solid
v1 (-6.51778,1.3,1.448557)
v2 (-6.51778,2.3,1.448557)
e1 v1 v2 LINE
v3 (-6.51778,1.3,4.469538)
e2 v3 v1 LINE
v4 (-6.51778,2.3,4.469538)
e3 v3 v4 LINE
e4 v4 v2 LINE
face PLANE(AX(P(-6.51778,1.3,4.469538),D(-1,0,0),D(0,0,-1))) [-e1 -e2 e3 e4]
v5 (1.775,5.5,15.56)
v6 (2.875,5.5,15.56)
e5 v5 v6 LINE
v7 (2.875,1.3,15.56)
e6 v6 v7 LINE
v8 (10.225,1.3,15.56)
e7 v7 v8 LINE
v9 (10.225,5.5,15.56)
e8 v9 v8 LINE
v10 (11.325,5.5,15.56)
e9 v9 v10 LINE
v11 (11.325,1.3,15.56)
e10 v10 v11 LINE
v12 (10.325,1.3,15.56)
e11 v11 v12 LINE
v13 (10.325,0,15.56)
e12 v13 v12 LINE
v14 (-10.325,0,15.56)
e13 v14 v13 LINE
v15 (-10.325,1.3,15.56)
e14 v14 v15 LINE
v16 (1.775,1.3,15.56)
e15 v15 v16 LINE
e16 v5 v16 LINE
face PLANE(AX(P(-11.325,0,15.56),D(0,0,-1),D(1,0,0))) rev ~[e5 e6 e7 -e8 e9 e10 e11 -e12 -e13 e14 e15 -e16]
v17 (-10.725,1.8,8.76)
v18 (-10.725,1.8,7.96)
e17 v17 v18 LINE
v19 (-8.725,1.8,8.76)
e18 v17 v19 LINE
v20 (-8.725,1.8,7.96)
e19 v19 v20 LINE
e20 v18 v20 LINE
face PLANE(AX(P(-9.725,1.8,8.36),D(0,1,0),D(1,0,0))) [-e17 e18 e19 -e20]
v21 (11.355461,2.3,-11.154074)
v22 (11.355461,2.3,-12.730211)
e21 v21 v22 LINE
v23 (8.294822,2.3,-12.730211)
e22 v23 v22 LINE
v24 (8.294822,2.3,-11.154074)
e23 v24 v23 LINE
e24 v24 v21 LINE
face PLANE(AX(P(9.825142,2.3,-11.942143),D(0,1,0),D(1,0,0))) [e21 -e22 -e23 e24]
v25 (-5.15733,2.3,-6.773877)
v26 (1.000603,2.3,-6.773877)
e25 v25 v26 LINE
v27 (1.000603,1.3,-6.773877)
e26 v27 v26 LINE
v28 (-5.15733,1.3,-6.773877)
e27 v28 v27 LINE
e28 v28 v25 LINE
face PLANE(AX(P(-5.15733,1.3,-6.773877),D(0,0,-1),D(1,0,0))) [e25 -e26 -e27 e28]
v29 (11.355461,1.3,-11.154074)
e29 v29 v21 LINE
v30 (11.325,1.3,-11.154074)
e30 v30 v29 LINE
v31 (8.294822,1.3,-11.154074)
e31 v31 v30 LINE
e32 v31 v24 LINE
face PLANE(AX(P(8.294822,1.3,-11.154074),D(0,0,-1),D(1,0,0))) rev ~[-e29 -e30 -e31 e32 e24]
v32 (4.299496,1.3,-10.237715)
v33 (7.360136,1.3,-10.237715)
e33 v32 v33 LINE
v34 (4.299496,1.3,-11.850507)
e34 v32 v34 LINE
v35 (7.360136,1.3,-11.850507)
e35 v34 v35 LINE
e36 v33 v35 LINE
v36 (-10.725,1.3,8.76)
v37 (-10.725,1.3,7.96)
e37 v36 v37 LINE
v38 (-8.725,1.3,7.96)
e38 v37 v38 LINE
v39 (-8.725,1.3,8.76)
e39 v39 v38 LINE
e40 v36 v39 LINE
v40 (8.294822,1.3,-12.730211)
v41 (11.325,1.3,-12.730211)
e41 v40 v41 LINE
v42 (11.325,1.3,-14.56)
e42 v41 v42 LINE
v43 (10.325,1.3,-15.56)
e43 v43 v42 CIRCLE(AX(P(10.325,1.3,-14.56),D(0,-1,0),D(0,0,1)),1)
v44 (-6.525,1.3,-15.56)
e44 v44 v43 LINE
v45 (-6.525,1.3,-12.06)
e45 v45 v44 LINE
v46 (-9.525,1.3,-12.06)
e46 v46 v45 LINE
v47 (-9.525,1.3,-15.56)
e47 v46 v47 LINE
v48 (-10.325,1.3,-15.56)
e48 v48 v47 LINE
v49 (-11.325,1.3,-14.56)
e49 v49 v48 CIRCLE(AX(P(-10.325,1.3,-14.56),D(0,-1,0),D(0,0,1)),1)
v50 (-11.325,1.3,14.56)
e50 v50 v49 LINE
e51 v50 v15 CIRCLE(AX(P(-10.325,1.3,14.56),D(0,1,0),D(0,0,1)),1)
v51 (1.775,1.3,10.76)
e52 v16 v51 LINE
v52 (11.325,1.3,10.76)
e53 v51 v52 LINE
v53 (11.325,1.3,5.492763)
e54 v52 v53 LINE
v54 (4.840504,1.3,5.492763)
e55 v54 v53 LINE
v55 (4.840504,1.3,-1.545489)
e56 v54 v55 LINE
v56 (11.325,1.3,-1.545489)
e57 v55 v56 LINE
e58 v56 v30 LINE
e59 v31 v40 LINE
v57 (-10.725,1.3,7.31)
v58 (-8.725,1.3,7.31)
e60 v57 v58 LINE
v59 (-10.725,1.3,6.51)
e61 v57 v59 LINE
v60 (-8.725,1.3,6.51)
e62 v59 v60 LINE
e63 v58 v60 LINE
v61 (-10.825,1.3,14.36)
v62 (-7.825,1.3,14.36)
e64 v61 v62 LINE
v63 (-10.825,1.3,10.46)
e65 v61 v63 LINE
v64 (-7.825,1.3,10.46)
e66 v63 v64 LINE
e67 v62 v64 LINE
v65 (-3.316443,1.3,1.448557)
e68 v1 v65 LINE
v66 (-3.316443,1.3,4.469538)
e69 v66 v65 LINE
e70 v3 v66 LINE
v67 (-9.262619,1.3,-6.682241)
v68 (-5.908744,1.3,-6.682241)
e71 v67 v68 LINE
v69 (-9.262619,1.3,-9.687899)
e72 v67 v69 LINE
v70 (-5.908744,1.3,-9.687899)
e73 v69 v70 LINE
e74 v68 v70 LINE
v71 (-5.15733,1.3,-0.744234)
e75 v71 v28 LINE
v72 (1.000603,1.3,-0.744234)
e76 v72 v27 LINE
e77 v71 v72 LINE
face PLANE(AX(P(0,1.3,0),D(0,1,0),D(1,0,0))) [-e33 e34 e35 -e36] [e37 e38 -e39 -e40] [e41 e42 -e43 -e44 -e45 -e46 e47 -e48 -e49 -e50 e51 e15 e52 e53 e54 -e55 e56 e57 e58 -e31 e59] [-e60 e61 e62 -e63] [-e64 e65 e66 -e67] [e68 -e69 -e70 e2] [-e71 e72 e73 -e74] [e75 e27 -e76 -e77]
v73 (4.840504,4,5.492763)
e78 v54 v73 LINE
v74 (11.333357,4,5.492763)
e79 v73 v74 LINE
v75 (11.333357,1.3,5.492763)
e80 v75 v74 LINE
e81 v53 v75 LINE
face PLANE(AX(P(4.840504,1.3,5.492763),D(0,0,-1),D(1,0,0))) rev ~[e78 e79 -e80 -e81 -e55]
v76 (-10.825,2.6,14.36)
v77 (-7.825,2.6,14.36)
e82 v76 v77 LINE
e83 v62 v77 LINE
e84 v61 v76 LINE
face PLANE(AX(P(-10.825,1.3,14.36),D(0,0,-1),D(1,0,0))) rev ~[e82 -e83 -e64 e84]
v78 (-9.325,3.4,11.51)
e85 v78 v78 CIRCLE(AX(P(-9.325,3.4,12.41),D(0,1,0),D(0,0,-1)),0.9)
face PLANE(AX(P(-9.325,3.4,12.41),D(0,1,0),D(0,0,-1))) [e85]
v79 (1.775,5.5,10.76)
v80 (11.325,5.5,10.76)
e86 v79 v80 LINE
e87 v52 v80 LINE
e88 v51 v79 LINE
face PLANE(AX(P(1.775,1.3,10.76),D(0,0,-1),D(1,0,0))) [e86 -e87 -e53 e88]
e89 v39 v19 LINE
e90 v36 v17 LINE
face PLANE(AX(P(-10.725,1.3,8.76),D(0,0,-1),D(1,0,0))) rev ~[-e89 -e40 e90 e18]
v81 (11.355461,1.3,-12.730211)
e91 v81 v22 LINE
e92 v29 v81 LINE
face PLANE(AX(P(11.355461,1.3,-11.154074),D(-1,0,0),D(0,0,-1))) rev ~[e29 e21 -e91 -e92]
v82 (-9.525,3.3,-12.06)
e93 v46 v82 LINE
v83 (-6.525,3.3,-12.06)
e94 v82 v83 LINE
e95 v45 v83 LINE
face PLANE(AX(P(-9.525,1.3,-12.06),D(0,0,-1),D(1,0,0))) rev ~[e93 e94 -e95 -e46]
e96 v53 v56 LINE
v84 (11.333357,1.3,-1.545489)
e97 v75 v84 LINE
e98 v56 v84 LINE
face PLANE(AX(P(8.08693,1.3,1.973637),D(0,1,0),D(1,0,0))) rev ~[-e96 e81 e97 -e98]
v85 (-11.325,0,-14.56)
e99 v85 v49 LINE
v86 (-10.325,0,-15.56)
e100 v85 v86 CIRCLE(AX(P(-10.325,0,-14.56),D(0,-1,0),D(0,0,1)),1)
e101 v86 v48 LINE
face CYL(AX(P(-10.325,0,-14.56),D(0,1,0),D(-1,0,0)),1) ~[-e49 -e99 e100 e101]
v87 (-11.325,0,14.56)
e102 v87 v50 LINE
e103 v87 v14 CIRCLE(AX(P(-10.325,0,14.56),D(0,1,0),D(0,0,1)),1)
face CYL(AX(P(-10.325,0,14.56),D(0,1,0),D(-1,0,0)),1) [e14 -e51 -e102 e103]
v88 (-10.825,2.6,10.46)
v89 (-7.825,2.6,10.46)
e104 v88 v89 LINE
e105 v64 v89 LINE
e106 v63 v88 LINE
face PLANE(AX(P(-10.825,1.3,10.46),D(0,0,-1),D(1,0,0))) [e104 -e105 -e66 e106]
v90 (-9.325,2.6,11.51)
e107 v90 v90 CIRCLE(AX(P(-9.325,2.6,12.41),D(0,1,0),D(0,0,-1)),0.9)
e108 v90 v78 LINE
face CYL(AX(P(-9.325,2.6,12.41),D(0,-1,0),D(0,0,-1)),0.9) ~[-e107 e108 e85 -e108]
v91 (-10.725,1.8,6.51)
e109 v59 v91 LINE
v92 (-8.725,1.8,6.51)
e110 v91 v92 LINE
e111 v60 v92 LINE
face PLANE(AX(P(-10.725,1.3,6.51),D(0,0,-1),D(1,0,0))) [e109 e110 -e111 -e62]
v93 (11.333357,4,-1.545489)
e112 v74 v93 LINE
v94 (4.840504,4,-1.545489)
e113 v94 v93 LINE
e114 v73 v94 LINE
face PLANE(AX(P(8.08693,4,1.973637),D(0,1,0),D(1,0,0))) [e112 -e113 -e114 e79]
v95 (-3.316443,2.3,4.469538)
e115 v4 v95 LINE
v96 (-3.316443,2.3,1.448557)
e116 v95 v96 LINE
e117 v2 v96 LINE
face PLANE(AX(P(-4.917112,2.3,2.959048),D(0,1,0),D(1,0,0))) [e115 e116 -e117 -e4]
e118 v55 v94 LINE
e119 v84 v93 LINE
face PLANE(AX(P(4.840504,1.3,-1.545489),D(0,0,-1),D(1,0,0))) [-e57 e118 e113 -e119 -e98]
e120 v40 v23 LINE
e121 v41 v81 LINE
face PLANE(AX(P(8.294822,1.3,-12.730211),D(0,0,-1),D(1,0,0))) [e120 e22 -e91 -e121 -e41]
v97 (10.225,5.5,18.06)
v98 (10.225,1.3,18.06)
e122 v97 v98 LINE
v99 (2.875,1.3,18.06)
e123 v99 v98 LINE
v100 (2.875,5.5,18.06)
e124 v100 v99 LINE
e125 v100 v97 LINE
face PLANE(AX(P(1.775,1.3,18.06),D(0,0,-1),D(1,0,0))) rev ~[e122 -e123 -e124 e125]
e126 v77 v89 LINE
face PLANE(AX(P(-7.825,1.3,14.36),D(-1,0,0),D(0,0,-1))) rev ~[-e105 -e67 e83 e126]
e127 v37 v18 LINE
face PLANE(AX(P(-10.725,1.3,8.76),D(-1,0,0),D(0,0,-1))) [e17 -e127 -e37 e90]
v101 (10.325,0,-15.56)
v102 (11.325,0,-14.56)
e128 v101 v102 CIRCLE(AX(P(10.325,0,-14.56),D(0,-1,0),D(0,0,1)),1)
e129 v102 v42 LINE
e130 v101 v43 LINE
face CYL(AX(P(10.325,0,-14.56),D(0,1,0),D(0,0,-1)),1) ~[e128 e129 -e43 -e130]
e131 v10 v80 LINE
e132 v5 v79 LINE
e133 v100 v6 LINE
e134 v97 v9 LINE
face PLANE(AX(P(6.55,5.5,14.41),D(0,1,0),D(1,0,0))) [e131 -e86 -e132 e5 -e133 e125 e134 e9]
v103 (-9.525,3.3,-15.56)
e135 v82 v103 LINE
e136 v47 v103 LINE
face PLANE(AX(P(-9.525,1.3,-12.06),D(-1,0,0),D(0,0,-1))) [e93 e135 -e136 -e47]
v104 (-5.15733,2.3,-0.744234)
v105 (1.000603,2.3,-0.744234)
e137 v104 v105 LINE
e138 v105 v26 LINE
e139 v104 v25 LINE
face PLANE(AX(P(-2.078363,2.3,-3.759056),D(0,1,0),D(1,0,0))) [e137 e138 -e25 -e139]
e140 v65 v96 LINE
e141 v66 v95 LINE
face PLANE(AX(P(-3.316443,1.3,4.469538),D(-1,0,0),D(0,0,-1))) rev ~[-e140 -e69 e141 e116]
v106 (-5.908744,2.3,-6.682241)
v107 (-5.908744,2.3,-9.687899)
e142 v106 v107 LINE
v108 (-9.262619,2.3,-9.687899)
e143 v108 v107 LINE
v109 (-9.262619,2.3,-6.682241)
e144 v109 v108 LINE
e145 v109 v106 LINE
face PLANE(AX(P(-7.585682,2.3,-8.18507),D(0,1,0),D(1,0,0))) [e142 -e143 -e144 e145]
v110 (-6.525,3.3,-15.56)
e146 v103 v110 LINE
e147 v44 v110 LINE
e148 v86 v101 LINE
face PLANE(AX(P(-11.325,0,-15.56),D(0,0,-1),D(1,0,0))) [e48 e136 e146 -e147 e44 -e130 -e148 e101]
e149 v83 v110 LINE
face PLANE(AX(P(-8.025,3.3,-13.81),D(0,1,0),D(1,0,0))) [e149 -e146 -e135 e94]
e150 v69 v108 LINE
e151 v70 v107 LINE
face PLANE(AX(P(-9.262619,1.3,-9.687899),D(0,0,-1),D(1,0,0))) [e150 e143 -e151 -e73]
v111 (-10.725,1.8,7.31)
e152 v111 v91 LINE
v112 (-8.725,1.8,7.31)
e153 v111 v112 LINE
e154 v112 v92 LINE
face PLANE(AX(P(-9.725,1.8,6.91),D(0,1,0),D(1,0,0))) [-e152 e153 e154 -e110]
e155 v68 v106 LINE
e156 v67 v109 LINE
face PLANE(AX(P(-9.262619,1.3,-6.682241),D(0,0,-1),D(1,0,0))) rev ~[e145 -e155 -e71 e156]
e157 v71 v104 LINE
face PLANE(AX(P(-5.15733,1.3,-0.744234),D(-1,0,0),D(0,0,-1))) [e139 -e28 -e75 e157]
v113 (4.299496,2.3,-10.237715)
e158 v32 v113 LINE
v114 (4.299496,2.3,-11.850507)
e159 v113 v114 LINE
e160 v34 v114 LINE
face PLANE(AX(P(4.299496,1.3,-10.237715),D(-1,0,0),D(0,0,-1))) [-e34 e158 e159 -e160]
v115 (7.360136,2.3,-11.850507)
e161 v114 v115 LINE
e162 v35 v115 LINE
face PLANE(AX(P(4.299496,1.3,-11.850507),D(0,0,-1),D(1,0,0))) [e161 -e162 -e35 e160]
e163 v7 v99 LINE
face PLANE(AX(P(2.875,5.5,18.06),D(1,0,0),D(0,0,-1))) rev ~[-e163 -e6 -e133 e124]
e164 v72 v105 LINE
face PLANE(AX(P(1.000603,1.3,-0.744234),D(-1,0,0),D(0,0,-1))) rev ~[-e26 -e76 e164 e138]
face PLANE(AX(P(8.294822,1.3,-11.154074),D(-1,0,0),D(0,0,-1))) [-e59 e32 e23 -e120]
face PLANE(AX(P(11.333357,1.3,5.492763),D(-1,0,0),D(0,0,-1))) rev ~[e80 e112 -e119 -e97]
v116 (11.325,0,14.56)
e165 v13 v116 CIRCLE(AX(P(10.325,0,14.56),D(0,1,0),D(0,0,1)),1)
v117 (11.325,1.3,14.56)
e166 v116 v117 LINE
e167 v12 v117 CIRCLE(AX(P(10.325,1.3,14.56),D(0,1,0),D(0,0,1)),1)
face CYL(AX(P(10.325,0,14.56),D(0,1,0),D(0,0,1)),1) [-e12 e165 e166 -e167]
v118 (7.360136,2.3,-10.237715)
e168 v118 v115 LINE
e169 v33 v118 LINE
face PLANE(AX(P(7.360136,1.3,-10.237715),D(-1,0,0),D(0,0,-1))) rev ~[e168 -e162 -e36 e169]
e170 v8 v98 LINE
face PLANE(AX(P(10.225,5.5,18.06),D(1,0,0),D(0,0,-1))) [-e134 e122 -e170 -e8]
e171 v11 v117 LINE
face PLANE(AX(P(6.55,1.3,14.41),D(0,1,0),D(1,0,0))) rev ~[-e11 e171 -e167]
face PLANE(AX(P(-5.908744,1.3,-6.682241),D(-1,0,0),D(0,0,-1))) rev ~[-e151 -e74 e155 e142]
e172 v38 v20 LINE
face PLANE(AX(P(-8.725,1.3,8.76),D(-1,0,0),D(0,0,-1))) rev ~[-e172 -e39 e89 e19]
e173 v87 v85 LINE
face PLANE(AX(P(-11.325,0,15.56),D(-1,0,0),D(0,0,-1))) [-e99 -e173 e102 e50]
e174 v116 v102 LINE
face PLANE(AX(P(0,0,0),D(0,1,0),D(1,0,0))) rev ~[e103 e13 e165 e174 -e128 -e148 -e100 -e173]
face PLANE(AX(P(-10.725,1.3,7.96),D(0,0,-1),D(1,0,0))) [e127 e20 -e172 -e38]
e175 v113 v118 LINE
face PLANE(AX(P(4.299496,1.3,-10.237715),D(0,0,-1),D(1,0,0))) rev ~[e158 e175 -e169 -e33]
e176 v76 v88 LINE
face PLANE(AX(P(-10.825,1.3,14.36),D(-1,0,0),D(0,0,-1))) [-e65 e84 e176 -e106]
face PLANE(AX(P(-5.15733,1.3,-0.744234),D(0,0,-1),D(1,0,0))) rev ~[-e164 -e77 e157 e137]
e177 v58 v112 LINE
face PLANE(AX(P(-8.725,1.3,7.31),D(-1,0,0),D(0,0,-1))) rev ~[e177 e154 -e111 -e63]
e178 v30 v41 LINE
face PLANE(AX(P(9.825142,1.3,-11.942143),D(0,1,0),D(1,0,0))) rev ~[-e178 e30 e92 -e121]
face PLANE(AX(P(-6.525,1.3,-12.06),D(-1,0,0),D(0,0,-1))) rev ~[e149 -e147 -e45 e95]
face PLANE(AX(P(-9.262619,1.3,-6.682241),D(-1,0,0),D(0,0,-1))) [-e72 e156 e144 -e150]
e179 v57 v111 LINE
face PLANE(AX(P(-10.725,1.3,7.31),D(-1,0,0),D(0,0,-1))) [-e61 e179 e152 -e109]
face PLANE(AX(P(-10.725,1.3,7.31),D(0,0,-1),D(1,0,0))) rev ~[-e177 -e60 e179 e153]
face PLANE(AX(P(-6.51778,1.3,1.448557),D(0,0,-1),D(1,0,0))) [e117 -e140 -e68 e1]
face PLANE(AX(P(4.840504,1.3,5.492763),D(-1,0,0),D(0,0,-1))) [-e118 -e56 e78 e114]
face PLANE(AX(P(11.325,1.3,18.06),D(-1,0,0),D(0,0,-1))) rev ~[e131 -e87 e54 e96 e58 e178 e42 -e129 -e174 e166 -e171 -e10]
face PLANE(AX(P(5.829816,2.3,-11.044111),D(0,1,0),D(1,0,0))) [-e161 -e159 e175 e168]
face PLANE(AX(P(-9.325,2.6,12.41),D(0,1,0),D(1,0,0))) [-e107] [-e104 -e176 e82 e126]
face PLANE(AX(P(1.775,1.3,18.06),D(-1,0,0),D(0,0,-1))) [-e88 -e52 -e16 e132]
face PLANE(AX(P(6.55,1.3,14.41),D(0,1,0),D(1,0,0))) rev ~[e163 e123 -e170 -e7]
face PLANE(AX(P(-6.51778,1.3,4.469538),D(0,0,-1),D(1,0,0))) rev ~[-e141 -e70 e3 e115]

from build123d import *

# Parameters (mm, degrees)
SKETCH1_W               = 22.65
SKETCH1_H               = 31.12
PCB_DEPTH               = 1.3
SKETCH2_W               = 9.55
SKETCH2_H               = 7.3
IO_CONNECTOR_DEPTH      = 4.2
SKETCH3_W               = 3
SKETCH3_H               = 3.5
ANTENNA_CONNECTOR_DEPTH = 2
SKETCH15_W              = 3
SKETCH15_H              = 3.9
BUTTON_BASE_DEPTH       = 1.3
SKETCH16_R              = 0.9
BUTTON_TIP_DEPTH        = 0.8
SKETCH17_W              = 6.157933233
SKETCH17_H              = 6.029642957
SKETCH17_W_2            = 3.353874351
SKETCH17_H_2            = 3.005657888
SKETCH17_W_3            = 3.060639434
SKETCH17_H_3            = 1.576137673
SKETCH17_H_4            = 1.612792038
SKETCH17_W_4            = 3.201337113
SKETCH17_H_5            = 3.020980094
LOW_CHIPS_DEPTH         = 1
SKETCH18_W              = 6.492852738
SKETCH18_H              = 7.038252368
HIGH_CHIPS_DEPTH        = 2.7
SKETCH23_W              = 2
SKETCH23_H              = 0.8
LEDS_DEPTH              = 0.5
CORNERS_R               = 1
CUT_EXTRUDE1_REACH      = 24.031
SKETCH24_W              = 1.1
SKETCH24_H              = 2.5


with BuildPart() as part:
    # Sketch1 → PCB (new body)
    with BuildSketch(Plane(origin=(0, 0, 0), x_dir=(1, 0, 0), z_dir=(0, 1, 0))):
        Rectangle(SKETCH1_W, SKETCH1_H)
    extrude(amount=PCB_DEPTH)

    # Sketch2 → IO connector (add)
    with BuildSketch(Plane(origin=(0, 1.3, 0), x_dir=(1, 0, 0), z_dir=(0, 1, 0))):
        with Locations((6.55, -14.41)):
            Rectangle(SKETCH2_W, SKETCH2_H)
    extrude(amount=IO_CONNECTOR_DEPTH)

    # Sketch3 → Antenna connector (add)
    with BuildSketch(Plane(origin=(0, 1.3, 0), x_dir=(1, 0, 0), z_dir=(0, 1, 0))):
        with Locations((-8.025, 13.81)):
            Rectangle(SKETCH3_W, SKETCH3_H)
    extrude(amount=ANTENNA_CONNECTOR_DEPTH)

    # Sketch15 → Button base (add)
    with BuildSketch(Plane(origin=(0, 1.3, 0), x_dir=(1, 0, 0), z_dir=(0, 1, 0))):
        with Locations((-9.325, -12.41)):
            Rectangle(SKETCH15_W, SKETCH15_H)
    extrude(amount=BUTTON_BASE_DEPTH)

    # Sketch16 → Button tip (add)
    with BuildSketch(Plane(origin=(0, 2.6, 0), x_dir=(1, 0, 0), z_dir=(0, 1, 0))):
        with Locations(Location((-9.325, -12.41, 0), (0, 0, 90))):
            Circle(SKETCH16_R)
    extrude(amount=BUTTON_TIP_DEPTH)

    # Sketch17 → Low chips (add)
    with BuildSketch(Plane(origin=(0, 1.3, 0), x_dir=(1, 0, 0), z_dir=(0, 1, 0))):
        with Locations((-2.078363242, 3.759055692)):
            Rectangle(SKETCH17_W, SKETCH17_H)
        with Locations((-7.585681506, 8.185070203)):
            Rectangle(SKETCH17_W_2, SKETCH17_H_2)
        with Locations((9.825141625, 11.942142563)):
            Rectangle(SKETCH17_W_3, SKETCH17_H_3)
        with Locations((5.829815896, 11.044110633)):
            Rectangle(SKETCH17_W_3, SKETCH17_H_4)
        with Locations((-4.917111521, -2.959047528)):
            Rectangle(SKETCH17_W_4, SKETCH17_H_5)
    extrude(amount=LOW_CHIPS_DEPTH)

    # Sketch18 → High chips (add)
    with BuildSketch(Plane(origin=(0, 1.3, 0), x_dir=(1, 0, 0), z_dir=(0, 1, 0))):
        with Locations((8.086930252, -1.973636887)):
            Rectangle(SKETCH18_W, SKETCH18_H)
    extrude(amount=HIGH_CHIPS_DEPTH)

    # Sketch23 → LEDs (add)
    with BuildSketch(Plane(origin=(0, 1.3, 0), x_dir=(1, 0, 0), z_dir=(0, 1, 0))):
        with Locations((-9.725, -8.36)):
            Rectangle(SKETCH23_W, SKETCH23_H)
        with Locations((-9.725, -6.91)):
            Rectangle(SKETCH23_W, SKETCH23_H)
    extrude(amount=LEDS_DEPTH)

    # Corners
    corners_edges = [part.edges().sort_by_distance(p)[0] for p in [
        (11.325, 0.65, 15.56),
        (-11.325, 0.65, 15.56),
        (-11.325, 0.65, -15.56),
        (11.325, 0.65, -15.56),
    ]]
    fillet(corners_edges, radius=CORNERS_R)

    # Sketch24 → Cut-Extrude1 (cut, up to next)
    with BuildSketch(Plane(origin=(0, 5.5, 0), x_dir=(1, 0, 0), z_dir=(0, 1, 0)), mode=Mode.PRIVATE) as cut_extrude1_sk1:
        with Locations((10.775, -16.81)):
            Rectangle(SKETCH24_W, SKETCH24_H)
    cut_extrude1_tool1 = extrude(cut_extrude1_sk1.sketch, amount=-CUT_EXTRUDE1_REACH, mode=Mode.PRIVATE) & part.part
    # Sketch24 → Cut-Extrude1 (cut, up to next)
    with BuildSketch(Plane(origin=(0, 5.5, 0), x_dir=(1, 0, 0), z_dir=(0, 1, 0)), mode=Mode.PRIVATE) as cut_extrude1_sk2:
        with Locations((2.325, -16.81)):
            Rectangle(SKETCH24_W, SKETCH24_H)
    cut_extrude1_tool2 = extrude(cut_extrude1_sk2.sketch, amount=-CUT_EXTRUDE1_REACH, mode=Mode.PRIVATE) & part.part
    add(cut_extrude1_tool1.solids().sort_by_distance((10.775, 5.5, 16.81))[0], mode=Mode.SUBTRACT)
    add(cut_extrude1_tool2.solids().sort_by_distance((2.325, 5.5, 16.81))[0], mode=Mode.SUBTRACT)


solid = part.part
